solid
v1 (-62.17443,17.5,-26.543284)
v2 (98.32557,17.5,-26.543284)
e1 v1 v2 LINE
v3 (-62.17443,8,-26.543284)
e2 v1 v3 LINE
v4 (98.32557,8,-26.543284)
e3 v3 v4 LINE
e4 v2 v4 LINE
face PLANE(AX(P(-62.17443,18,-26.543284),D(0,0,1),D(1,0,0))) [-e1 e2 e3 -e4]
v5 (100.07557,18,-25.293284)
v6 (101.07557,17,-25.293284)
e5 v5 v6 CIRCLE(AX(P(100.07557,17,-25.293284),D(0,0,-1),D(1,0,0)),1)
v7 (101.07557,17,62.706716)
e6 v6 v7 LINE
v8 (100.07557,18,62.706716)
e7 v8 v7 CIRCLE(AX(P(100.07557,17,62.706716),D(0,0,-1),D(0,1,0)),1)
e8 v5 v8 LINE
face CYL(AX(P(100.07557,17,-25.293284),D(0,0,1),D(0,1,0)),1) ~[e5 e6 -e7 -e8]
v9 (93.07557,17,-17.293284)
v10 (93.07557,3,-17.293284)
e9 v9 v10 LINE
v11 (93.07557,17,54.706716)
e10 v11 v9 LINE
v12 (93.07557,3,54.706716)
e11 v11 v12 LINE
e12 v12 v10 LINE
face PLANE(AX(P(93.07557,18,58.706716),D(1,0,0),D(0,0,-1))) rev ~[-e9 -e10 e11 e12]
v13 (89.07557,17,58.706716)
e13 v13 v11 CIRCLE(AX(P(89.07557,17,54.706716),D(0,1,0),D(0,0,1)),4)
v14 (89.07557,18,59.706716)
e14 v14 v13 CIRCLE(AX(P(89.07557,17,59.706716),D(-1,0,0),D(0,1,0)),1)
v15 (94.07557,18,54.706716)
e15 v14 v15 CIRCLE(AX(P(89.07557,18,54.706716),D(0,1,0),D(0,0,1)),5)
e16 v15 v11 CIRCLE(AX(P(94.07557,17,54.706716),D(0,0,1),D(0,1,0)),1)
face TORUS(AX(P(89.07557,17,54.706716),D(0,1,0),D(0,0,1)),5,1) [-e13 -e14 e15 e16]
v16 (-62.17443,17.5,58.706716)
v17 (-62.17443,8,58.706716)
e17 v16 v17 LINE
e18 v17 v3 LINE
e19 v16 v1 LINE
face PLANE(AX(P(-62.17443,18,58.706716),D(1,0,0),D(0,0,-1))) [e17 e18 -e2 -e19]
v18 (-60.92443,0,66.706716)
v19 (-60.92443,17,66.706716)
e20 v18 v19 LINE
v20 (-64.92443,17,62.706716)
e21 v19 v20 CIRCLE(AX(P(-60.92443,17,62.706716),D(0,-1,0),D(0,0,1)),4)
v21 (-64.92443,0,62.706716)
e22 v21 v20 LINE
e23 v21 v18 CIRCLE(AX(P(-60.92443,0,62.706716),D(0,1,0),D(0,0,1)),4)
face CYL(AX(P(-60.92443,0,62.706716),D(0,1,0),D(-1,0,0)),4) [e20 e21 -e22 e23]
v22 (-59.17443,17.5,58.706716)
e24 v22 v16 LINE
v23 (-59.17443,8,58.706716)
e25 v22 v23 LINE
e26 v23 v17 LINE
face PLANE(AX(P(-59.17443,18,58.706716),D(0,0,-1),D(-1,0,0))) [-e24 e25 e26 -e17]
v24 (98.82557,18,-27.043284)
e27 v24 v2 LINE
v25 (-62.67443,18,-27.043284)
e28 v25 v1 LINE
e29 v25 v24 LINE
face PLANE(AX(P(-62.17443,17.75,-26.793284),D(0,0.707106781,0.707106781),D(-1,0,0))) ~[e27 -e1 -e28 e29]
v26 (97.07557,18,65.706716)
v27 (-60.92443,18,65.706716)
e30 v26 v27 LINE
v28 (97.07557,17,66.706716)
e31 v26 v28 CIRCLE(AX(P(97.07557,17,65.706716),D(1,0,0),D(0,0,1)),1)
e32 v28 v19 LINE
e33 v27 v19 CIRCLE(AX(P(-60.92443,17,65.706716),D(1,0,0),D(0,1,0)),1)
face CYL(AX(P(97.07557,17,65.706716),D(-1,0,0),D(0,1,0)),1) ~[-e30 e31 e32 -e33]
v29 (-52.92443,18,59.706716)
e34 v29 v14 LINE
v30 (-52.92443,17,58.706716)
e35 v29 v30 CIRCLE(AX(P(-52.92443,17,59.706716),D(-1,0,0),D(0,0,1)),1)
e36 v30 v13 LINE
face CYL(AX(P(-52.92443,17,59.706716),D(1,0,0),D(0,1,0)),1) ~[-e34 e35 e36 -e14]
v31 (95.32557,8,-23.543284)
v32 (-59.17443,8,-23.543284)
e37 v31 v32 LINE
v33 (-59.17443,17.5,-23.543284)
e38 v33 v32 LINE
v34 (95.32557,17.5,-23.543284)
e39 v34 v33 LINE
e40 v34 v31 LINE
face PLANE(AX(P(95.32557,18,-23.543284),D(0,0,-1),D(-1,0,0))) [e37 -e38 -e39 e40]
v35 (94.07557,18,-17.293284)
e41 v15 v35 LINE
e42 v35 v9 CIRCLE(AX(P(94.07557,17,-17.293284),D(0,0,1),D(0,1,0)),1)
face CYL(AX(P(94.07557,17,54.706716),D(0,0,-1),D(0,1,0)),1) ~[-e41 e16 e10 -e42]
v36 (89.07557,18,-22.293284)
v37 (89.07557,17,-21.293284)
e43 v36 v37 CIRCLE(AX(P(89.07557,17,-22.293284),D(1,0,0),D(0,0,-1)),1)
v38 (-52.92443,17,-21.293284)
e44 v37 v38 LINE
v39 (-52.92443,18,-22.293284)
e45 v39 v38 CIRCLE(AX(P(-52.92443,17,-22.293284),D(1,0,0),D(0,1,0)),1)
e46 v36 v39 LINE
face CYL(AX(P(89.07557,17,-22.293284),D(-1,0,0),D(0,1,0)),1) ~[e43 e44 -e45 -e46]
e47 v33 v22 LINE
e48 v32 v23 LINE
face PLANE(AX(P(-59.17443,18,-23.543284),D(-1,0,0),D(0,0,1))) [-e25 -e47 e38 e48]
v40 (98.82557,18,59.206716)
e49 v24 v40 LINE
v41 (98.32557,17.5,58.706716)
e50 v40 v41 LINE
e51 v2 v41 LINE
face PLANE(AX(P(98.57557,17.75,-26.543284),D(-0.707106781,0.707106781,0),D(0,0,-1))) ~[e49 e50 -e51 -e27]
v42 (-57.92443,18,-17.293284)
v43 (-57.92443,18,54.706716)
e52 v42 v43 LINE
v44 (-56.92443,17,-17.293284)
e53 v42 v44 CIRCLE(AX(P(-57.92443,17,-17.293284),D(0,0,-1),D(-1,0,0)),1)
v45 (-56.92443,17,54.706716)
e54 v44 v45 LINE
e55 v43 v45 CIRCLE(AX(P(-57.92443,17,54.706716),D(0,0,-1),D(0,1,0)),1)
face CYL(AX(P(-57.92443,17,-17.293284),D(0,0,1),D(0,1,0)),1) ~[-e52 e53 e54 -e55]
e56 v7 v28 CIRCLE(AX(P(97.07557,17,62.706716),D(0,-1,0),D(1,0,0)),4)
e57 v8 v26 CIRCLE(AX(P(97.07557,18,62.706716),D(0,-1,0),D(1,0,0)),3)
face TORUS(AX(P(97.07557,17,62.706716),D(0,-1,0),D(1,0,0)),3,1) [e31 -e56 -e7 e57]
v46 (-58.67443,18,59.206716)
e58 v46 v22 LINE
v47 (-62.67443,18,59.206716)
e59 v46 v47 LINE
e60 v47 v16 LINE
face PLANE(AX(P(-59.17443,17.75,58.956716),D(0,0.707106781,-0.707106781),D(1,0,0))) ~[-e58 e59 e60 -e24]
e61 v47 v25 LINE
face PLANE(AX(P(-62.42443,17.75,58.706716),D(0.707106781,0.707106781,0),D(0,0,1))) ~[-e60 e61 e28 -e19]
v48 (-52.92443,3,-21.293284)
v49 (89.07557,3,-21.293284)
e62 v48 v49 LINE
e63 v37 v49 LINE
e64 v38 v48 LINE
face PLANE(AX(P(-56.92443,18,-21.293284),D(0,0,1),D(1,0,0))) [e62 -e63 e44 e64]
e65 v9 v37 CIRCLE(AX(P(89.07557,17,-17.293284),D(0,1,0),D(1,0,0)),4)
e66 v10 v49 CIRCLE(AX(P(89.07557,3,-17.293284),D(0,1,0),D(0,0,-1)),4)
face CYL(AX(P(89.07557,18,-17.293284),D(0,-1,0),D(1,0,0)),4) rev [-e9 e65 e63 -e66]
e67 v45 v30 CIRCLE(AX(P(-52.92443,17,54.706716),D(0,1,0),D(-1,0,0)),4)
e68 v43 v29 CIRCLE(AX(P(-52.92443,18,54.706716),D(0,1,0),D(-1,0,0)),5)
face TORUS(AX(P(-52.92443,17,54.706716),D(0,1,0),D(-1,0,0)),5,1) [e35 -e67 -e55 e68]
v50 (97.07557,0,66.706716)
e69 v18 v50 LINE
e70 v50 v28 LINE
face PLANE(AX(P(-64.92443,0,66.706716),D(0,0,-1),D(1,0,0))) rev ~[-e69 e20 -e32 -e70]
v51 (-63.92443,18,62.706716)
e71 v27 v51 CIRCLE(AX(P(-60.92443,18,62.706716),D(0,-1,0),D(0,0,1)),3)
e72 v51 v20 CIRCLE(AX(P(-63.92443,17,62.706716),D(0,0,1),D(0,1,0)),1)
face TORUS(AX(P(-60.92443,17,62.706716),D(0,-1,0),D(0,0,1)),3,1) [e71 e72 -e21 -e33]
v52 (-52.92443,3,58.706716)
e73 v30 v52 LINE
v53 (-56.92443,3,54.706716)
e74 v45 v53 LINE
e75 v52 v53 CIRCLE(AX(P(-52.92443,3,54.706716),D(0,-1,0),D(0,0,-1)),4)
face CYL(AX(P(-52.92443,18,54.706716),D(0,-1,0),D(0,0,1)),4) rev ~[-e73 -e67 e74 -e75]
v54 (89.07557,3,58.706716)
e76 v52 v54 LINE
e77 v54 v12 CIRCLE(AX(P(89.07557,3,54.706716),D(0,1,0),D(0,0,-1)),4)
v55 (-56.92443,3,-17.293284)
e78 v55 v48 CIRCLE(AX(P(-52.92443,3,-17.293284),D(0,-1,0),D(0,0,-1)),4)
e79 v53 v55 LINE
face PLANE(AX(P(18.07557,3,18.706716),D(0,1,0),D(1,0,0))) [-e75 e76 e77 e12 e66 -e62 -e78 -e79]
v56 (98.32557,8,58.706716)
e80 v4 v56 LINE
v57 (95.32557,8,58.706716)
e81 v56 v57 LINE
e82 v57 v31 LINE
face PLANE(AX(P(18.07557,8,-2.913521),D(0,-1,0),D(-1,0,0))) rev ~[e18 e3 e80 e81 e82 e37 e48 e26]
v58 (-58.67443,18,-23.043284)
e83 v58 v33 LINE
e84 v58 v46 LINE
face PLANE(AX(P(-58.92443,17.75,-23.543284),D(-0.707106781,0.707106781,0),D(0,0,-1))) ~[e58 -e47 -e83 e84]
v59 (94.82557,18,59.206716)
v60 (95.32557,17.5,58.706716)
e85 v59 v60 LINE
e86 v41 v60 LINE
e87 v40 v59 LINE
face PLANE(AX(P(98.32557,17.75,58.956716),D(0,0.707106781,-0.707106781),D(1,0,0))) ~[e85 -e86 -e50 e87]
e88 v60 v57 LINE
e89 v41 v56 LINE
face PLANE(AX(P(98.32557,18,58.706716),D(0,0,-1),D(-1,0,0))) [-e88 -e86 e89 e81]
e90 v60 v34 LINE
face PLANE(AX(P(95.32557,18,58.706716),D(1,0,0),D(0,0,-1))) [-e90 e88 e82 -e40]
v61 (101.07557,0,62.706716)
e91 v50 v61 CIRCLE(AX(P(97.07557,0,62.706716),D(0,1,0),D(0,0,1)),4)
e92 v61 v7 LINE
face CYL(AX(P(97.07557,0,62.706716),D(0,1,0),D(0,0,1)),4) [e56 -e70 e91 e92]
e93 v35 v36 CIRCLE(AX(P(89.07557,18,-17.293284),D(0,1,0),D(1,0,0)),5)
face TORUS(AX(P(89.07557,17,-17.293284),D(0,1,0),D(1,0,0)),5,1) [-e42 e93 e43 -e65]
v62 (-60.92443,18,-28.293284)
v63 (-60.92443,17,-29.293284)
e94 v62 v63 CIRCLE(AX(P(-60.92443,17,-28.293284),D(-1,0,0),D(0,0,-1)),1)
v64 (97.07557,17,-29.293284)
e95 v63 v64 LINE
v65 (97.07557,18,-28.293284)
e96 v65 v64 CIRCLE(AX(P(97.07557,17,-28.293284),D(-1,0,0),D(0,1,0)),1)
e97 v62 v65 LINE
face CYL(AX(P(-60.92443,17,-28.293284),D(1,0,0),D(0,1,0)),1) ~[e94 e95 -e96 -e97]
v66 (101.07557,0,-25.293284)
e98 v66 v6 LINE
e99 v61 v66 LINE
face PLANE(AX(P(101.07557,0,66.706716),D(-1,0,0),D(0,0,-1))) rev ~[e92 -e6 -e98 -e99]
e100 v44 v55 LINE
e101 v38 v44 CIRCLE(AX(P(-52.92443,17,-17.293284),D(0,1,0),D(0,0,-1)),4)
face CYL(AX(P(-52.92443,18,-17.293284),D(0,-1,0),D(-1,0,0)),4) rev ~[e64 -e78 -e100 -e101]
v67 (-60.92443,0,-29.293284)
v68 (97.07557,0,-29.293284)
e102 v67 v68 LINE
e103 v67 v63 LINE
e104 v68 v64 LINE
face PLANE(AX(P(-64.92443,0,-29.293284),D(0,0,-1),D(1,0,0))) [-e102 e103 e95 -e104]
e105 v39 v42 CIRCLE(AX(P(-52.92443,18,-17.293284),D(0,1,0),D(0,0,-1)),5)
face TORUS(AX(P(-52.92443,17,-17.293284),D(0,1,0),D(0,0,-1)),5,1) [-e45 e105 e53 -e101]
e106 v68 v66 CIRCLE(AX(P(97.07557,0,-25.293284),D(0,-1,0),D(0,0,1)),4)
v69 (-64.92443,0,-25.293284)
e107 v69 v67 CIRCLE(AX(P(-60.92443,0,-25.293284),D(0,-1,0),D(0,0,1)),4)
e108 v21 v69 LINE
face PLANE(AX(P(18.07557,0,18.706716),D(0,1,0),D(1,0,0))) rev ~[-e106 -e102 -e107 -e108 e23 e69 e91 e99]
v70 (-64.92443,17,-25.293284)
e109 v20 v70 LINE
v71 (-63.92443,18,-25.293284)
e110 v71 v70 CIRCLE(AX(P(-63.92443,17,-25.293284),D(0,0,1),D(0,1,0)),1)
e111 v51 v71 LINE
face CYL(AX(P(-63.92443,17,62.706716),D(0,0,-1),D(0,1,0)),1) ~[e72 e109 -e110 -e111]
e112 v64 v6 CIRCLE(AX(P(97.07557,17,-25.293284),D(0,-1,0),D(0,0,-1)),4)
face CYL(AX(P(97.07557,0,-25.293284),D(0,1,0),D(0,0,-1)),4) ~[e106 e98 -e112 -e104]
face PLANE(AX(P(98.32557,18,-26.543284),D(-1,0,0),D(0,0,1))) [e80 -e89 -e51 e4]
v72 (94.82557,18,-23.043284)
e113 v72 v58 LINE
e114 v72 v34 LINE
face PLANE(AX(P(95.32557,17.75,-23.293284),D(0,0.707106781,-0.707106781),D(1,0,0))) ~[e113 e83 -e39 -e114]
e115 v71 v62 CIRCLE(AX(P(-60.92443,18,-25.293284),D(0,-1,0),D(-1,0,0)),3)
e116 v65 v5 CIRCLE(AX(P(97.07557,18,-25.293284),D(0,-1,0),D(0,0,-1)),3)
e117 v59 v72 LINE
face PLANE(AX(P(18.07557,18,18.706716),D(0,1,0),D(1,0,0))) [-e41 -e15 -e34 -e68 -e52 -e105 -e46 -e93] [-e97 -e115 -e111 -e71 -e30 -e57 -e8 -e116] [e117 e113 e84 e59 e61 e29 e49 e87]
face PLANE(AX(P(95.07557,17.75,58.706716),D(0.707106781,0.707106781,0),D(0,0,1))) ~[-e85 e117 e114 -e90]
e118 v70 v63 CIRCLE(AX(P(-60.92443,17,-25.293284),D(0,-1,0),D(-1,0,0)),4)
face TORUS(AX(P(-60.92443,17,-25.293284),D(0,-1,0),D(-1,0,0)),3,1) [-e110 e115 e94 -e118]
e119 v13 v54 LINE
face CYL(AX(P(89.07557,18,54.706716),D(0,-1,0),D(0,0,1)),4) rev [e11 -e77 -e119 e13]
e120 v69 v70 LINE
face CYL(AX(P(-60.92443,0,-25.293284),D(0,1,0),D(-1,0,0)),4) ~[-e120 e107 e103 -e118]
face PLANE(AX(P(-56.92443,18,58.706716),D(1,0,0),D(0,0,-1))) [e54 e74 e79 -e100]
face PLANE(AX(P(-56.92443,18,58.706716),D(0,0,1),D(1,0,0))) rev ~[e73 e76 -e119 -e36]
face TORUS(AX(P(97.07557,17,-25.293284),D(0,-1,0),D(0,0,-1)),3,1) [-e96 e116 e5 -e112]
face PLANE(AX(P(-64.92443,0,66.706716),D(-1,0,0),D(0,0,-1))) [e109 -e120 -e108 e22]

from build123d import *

# Parameters (mm, degrees)
SKETCH1_W           = 166
SKETCH1_H           = 96
BOSS_EXTRUDE1_DEPTH = 18
SKETCH2_W           = 150
SKETCH2_H           = 80
CUT_EXTRUDE1_DEPTH  = 15
CUT_EXTRUDE5_DEPTH  = 10
FILLET1_R           = 4
FILLET2_R           = 4
FILLET5_R           = 1
CHAMFER1_SIZE       = 0.5


with BuildPart() as part:
    # Sketch1 → Boss-Extrude1 (new body)
    with BuildSketch(Plane(origin=(0, 0, 0), x_dir=(1, 0, 0), z_dir=(0, 1, 0))):
        with Locations((18.075570249, -18.706715624)):
            Rectangle(SKETCH1_W, SKETCH1_H)
    extrude(amount=BOSS_EXTRUDE1_DEPTH)

    # Sketch2 → Cut-Extrude1 (cut)
    with BuildSketch(Plane(origin=(0, 18, 0), x_dir=(1, 0, 0), z_dir=(0, 1, 0))):
        with Locations((18.075570249, -18.706715624)):
            Rectangle(SKETCH2_W, SKETCH2_H)
    extrude(amount=-CUT_EXTRUDE1_DEPTH, mode=Mode.SUBTRACT)

    # Sketch9 → Cut-Extrude5 (cut)
    with BuildSketch(Plane(origin=(0, 18, 0), x_dir=(1, 0, 0), z_dir=(0, 1, 0))):
        Polygon((-62.174429751, 26.543284376), (98.325570249, 26.543284376), (98.325570249, -58.706715624), (95.325570249, -58.706715624), (95.325570249, 23.543284376), (-59.174429751, 23.543284376), (-59.174429751, -58.706715624), (-62.174429751, -58.706715624), align=None)
    extrude(amount=-CUT_EXTRUDE5_DEPTH, mode=Mode.SUBTRACT)

    # Fillet1
    fillet1_edges = [part.edges().sort_by_distance(p)[0] for p in [
        (-64.924429751, 9, -29.293284376),
        (101.075570249, 9, -29.293284376),
        (101.075570249, 9, 66.706715624),
        (-64.924429751, 9, 66.706715624),
    ]]
    fillet(fillet1_edges, radius=FILLET1_R)

    # Fillet2
    fillet2_edges = [part.edges().sort_by_distance(p)[0] for p in [
        (-56.924429751, 10.5, 58.706715624),
        (-56.924429751, 10.5, -21.293284376),
        (93.075570249, 10.5, -21.293284376),
        (93.075570249, 10.5, 58.706715624),
    ]]
    fillet(fillet2_edges, radius=FILLET2_R)

    # Fillet5
    fillet5_edges = [part.edges().sort_by_distance(p)[0] for p in [
        (-64.924429751, 18, 18.706715624),
        (18.075570249, 18, -29.293284376),
        (18.075570249, 18, 66.706715624),
        (101.075570249, 18, 18.706715624),
        (-63.752856875, 18, 65.535142749),
        (99.903997374, 18, 65.535142749),
        (99.903997374, 18, -28.1217115),
        (-63.752856875, 18, -28.1217115),
        (93.075570249, 18, 18.706715624),
        (18.075570249, 18, 58.706715624),
        (18.075570249, 18, -21.293284376),
        (-56.924429751, 18, 18.706715624),
        (91.903997374, 18, 57.535142749),
        (91.903997374, 18, -20.1217115),
        (-55.752856875, 18, -20.1217115),
        (-55.752856875, 18, 57.535142749),
    ]]
    fillet(fillet5_edges, radius=FILLET5_R)

    # Chamfer1
    chamfer1_edges = [part.edges().sort_by_distance(p)[0] for p in [
        (-62.174429751, 18, 16.081715624),
        (-60.674429751, 18, 58.706715624),
        (-59.174429751, 18, 17.581715624),
        (18.075570249, 18, -23.543284376),
        (95.325570249, 18, 17.581715624),
        (96.825570249, 18, 58.706715624),
        (98.325570249, 18, 16.081715624),
        (18.075570249, 18, -26.543284376),
    ]]
    chamfer(chamfer1_edges, length=CHAMFER1_SIZE)


solid = part.part
